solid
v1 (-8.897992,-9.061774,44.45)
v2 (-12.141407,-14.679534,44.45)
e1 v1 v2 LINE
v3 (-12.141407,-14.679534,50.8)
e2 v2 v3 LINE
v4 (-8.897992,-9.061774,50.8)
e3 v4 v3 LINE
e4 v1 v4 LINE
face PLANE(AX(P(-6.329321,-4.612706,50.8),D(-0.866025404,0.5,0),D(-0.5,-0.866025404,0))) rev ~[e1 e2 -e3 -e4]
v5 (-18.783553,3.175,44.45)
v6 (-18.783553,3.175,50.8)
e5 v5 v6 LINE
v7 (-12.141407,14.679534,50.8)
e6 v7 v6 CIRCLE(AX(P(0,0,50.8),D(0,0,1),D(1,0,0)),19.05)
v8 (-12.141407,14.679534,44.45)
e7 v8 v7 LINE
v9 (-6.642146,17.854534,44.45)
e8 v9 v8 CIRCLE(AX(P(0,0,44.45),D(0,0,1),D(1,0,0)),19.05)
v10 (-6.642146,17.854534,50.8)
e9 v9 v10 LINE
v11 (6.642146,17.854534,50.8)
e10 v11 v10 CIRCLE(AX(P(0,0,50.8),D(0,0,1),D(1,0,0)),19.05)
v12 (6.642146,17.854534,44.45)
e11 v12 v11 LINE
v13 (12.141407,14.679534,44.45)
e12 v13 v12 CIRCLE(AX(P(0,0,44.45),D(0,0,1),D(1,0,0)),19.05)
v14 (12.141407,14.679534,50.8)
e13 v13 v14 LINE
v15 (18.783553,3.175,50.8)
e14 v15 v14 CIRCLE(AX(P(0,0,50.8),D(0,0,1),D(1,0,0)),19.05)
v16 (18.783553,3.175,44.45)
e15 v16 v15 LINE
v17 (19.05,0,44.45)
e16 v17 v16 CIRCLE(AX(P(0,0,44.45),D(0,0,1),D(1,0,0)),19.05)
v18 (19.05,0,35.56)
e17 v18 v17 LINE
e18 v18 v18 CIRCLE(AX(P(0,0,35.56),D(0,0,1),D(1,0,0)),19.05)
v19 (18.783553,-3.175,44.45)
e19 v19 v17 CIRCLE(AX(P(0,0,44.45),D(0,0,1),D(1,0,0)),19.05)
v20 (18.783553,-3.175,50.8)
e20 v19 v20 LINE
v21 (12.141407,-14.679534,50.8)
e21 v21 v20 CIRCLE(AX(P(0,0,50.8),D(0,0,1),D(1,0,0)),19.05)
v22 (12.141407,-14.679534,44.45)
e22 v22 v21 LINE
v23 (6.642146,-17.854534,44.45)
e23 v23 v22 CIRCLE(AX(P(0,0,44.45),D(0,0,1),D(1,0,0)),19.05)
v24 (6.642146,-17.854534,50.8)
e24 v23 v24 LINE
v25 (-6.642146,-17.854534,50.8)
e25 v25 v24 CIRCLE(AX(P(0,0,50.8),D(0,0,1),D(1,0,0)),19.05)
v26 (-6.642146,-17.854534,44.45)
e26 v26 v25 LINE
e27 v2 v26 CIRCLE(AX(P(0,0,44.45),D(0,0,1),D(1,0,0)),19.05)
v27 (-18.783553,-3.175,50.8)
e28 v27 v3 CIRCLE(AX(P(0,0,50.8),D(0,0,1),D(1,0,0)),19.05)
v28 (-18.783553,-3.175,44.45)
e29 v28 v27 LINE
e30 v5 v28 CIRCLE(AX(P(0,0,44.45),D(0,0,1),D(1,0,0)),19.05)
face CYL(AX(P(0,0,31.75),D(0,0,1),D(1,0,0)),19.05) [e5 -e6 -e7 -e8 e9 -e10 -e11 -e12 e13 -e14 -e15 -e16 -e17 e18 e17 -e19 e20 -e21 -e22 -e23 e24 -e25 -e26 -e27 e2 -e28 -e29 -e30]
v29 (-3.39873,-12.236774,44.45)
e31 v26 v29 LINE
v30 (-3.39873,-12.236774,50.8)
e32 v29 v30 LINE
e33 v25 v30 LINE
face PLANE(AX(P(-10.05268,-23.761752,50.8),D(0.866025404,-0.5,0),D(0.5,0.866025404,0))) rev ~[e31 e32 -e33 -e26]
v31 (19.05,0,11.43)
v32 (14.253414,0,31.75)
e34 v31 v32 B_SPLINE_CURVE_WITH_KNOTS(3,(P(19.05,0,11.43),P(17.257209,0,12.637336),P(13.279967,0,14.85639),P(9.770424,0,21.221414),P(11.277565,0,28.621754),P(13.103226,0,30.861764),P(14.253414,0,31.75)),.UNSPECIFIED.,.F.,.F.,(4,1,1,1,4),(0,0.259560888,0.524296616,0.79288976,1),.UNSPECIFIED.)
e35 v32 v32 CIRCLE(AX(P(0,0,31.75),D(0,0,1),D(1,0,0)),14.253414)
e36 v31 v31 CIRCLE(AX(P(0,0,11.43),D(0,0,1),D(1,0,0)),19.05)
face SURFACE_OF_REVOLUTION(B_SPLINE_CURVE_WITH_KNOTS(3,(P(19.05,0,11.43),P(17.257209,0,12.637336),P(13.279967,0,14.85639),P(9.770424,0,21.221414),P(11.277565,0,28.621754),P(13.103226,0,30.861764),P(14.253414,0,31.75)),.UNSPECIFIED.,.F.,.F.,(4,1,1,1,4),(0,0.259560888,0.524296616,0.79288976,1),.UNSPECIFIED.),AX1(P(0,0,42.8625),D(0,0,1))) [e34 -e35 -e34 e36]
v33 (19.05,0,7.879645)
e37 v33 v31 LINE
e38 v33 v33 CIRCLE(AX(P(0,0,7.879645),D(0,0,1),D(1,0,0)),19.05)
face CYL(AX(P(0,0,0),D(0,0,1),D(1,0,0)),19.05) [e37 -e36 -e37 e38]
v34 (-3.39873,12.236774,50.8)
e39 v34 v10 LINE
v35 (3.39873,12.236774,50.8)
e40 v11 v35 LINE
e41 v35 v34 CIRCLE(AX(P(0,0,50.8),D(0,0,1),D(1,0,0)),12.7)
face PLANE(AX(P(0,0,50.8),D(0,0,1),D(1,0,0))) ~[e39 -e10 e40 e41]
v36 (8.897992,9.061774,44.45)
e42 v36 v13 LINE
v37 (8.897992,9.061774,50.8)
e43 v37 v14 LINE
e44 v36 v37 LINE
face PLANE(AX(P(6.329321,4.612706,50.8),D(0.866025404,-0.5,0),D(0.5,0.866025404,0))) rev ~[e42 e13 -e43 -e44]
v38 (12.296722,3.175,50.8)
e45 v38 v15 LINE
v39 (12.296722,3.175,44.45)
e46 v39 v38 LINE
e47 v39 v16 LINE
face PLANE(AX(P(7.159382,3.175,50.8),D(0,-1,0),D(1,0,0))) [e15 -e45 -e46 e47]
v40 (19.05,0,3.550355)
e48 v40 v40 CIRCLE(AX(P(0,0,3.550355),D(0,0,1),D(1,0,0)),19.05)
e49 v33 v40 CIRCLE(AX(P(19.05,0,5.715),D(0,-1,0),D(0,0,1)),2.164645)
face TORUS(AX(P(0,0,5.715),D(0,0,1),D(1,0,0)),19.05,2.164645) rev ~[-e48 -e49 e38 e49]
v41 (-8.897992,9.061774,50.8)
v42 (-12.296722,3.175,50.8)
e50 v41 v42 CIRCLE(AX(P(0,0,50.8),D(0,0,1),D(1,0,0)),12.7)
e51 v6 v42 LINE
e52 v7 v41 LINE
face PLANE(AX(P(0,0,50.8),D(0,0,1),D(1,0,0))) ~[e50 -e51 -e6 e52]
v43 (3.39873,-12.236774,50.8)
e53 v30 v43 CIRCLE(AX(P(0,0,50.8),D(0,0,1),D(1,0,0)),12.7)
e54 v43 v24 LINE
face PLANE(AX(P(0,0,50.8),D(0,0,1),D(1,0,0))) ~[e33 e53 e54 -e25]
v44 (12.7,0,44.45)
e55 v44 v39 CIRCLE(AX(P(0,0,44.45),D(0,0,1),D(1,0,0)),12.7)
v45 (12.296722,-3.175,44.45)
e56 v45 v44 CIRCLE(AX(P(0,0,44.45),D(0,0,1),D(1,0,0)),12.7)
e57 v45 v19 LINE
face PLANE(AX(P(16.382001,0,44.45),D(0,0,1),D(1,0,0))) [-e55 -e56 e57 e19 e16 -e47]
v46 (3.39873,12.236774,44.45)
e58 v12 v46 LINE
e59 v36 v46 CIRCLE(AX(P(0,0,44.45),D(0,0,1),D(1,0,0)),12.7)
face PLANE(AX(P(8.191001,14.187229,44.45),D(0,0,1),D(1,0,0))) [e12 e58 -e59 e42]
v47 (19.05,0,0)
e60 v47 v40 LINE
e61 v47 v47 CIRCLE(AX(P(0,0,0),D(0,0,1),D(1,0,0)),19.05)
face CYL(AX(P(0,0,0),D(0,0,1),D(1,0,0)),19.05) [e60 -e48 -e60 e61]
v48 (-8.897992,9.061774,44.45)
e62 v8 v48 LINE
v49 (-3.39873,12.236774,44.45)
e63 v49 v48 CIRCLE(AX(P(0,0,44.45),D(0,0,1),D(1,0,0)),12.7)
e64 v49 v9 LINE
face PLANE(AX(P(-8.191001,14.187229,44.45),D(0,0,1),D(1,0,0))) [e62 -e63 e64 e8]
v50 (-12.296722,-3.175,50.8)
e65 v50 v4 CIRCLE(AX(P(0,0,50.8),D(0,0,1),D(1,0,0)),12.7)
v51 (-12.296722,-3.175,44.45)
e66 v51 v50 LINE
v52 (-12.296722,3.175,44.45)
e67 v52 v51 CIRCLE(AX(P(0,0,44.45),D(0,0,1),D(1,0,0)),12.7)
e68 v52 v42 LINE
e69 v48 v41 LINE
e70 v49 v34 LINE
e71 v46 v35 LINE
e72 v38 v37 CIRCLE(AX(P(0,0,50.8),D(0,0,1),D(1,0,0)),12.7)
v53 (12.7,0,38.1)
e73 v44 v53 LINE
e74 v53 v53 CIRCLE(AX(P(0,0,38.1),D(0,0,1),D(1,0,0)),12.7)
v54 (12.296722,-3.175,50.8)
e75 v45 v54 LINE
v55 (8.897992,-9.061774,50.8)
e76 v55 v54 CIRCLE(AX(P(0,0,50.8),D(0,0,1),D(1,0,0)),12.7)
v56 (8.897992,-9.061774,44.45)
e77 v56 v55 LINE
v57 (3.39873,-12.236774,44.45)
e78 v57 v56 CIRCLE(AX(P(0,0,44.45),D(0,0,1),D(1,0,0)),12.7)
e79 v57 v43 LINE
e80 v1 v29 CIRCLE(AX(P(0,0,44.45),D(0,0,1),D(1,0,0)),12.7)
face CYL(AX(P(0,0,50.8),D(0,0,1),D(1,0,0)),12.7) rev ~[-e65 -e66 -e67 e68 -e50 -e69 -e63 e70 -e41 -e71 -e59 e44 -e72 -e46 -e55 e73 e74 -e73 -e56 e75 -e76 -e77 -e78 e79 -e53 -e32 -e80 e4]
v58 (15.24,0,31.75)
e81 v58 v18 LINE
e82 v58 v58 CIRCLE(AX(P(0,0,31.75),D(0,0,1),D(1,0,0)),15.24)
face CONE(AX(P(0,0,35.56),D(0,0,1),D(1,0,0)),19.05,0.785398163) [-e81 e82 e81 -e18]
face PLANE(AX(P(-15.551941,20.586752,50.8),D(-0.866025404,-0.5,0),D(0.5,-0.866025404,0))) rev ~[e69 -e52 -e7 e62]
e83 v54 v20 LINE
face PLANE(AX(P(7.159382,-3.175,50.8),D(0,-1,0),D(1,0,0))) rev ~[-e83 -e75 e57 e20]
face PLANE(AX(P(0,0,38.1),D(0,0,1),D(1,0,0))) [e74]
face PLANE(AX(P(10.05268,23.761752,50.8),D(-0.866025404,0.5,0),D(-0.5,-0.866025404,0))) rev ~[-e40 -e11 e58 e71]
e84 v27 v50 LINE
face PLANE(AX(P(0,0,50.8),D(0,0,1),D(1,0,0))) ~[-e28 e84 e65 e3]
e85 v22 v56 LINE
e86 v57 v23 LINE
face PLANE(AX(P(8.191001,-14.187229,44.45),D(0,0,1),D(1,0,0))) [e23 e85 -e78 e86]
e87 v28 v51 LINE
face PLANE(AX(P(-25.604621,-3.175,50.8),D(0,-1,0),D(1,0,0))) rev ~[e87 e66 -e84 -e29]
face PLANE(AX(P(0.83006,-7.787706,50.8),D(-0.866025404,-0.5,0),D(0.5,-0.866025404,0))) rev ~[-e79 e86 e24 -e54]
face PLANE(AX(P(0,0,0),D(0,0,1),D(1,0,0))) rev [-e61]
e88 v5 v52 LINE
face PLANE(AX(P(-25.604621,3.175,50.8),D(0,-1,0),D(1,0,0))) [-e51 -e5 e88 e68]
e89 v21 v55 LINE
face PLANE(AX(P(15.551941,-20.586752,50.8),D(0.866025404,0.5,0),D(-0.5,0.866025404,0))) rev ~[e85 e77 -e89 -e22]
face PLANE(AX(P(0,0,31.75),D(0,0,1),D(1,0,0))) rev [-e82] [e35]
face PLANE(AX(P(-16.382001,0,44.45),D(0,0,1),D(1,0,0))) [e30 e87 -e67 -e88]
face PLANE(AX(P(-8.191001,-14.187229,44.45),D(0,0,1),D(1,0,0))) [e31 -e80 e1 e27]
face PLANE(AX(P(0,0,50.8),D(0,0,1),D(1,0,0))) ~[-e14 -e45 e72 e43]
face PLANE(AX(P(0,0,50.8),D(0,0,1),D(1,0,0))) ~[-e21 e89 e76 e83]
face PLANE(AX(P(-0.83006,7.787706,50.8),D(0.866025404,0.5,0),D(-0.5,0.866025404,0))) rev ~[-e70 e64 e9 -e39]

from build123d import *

# Parameters (mm, degrees)
F0_W     = 19.05
F0_H     = 15.875
F2_R     = 12.7
F3_DEPTH = 12.7
F4_W     = 18.4452394214
F4_H     = 6.35
F5_DEPTH = 6.35
F6_SIZE  = 3.81


with BuildPart() as f1:
    # F0 (on Front) → F1 (revolve)
    with BuildSketch(Plane.XZ):
        with Locations((9.525, 42.8625)):
            Rectangle(F0_W, F0_H)
        Polygon((0, 34.925), (0, 31.75), (14.253414236, 31.75), (19.05, 31.75), (19.05, 34.925), align=None)
        with BuildLine():
            Line((0, 31.75), (0, 0))
            Line((0, 0), (19.05, 0))
            Line((19.05, 0), (19.05, 11.43))
            add(Edge.make_bspline(
                [(19.05, 11.43), (17.2572086339, 12.6373357985), (13.2799667332, 14.8563898217), (9.7704239186, 21.2214141551), (11.2775648251, 28.6217539717), (13.1032264861, 30.8617640908), (14.253414236, 31.75)],
                knots=[0, 0, 0, 0, 0.2595608877, 0.5242966156, 0.7928897599, 1, 1, 1, 1], degree=3))
            Line((14.253414236, 31.75), (0, 31.75))
        make_face()
    revolve(axis=Axis((0, 0, 42.8625), (0, 0, 1)))

    # F2 (on face) → F3 (cut)
    with BuildSketch(Plane.XY.offset(50.8)):
        Circle(F2_R)
    extrude(amount=-F3_DEPTH, mode=Mode.SUBTRACT)

    # F4 (on face) → F5 (cut)
    with BuildSketch(Plane.XY.offset(50.8)):
        with Locations((16.3820013404, 0)):
            Rectangle(F4_W, F4_H)
        Polygon((6.3293214719, 4.6127063667), (15.5519411826, 20.5867522845), (10.0526798685, 23.7617522845), (0.8300601578, 7.7877063667), align=None)
        Polygon((-0.8300601578, 7.7877063667), (-10.0526798685, 23.7617522845), (-15.5519411826, 20.5867522845), (-6.3293214719, 4.6127063667), align=None)
        with Locations((-16.3820013404, 0)):
            Rectangle(F4_W, F4_H)
        Polygon((-6.3293214719, -4.6127063667), (-15.5519411826, -20.5867522845), (-10.0526798685, -23.7617522845), (-0.8300601578, -7.7877063667), align=None)
        Polygon((0.8300601578, -7.7877063667), (10.0526798685, -23.7617522845), (15.5519411826, -20.5867522845), (6.3293214719, -4.6127063667), align=None)
    extrude(amount=-F5_DEPTH, mode=Mode.SUBTRACT)

    # F6
    f6_edges = [f1.edges().sort_by_distance(p)[0] for p in [
        (-19.05, 0, 31.75),
    ]]
    chamfer(f6_edges, length=F6_SIZE)

    # F7 (on Front) → F8 (revolve, cut)
    with BuildSketch(Plane.XZ):
        with BuildLine():
            ThreePointArc((19.05, 3.5503547621), (20.5806353266, 4.1843646734), (21.2146452379, 5.715))
            ThreePointArc((21.2146452379, 5.715), (20.5806353266, 7.2456353266), (19.05, 7.8796452379))
            Line((19.05, 7.8796452379), (19.05, 3.5503547621))
        make_face()
        with BuildLine():
            Line((19.05, 3.5503547621), (19.05, 7.8796452379))
            ThreePointArc((19.05, 7.8796452379), (16.8853547621, 5.715), (19.05, 3.5503547621))
        make_face()
    revolve(axis=Axis((0, 0, 0), (0, 0, 1)), mode=Mode.SUBTRACT)


solid = f1.part
